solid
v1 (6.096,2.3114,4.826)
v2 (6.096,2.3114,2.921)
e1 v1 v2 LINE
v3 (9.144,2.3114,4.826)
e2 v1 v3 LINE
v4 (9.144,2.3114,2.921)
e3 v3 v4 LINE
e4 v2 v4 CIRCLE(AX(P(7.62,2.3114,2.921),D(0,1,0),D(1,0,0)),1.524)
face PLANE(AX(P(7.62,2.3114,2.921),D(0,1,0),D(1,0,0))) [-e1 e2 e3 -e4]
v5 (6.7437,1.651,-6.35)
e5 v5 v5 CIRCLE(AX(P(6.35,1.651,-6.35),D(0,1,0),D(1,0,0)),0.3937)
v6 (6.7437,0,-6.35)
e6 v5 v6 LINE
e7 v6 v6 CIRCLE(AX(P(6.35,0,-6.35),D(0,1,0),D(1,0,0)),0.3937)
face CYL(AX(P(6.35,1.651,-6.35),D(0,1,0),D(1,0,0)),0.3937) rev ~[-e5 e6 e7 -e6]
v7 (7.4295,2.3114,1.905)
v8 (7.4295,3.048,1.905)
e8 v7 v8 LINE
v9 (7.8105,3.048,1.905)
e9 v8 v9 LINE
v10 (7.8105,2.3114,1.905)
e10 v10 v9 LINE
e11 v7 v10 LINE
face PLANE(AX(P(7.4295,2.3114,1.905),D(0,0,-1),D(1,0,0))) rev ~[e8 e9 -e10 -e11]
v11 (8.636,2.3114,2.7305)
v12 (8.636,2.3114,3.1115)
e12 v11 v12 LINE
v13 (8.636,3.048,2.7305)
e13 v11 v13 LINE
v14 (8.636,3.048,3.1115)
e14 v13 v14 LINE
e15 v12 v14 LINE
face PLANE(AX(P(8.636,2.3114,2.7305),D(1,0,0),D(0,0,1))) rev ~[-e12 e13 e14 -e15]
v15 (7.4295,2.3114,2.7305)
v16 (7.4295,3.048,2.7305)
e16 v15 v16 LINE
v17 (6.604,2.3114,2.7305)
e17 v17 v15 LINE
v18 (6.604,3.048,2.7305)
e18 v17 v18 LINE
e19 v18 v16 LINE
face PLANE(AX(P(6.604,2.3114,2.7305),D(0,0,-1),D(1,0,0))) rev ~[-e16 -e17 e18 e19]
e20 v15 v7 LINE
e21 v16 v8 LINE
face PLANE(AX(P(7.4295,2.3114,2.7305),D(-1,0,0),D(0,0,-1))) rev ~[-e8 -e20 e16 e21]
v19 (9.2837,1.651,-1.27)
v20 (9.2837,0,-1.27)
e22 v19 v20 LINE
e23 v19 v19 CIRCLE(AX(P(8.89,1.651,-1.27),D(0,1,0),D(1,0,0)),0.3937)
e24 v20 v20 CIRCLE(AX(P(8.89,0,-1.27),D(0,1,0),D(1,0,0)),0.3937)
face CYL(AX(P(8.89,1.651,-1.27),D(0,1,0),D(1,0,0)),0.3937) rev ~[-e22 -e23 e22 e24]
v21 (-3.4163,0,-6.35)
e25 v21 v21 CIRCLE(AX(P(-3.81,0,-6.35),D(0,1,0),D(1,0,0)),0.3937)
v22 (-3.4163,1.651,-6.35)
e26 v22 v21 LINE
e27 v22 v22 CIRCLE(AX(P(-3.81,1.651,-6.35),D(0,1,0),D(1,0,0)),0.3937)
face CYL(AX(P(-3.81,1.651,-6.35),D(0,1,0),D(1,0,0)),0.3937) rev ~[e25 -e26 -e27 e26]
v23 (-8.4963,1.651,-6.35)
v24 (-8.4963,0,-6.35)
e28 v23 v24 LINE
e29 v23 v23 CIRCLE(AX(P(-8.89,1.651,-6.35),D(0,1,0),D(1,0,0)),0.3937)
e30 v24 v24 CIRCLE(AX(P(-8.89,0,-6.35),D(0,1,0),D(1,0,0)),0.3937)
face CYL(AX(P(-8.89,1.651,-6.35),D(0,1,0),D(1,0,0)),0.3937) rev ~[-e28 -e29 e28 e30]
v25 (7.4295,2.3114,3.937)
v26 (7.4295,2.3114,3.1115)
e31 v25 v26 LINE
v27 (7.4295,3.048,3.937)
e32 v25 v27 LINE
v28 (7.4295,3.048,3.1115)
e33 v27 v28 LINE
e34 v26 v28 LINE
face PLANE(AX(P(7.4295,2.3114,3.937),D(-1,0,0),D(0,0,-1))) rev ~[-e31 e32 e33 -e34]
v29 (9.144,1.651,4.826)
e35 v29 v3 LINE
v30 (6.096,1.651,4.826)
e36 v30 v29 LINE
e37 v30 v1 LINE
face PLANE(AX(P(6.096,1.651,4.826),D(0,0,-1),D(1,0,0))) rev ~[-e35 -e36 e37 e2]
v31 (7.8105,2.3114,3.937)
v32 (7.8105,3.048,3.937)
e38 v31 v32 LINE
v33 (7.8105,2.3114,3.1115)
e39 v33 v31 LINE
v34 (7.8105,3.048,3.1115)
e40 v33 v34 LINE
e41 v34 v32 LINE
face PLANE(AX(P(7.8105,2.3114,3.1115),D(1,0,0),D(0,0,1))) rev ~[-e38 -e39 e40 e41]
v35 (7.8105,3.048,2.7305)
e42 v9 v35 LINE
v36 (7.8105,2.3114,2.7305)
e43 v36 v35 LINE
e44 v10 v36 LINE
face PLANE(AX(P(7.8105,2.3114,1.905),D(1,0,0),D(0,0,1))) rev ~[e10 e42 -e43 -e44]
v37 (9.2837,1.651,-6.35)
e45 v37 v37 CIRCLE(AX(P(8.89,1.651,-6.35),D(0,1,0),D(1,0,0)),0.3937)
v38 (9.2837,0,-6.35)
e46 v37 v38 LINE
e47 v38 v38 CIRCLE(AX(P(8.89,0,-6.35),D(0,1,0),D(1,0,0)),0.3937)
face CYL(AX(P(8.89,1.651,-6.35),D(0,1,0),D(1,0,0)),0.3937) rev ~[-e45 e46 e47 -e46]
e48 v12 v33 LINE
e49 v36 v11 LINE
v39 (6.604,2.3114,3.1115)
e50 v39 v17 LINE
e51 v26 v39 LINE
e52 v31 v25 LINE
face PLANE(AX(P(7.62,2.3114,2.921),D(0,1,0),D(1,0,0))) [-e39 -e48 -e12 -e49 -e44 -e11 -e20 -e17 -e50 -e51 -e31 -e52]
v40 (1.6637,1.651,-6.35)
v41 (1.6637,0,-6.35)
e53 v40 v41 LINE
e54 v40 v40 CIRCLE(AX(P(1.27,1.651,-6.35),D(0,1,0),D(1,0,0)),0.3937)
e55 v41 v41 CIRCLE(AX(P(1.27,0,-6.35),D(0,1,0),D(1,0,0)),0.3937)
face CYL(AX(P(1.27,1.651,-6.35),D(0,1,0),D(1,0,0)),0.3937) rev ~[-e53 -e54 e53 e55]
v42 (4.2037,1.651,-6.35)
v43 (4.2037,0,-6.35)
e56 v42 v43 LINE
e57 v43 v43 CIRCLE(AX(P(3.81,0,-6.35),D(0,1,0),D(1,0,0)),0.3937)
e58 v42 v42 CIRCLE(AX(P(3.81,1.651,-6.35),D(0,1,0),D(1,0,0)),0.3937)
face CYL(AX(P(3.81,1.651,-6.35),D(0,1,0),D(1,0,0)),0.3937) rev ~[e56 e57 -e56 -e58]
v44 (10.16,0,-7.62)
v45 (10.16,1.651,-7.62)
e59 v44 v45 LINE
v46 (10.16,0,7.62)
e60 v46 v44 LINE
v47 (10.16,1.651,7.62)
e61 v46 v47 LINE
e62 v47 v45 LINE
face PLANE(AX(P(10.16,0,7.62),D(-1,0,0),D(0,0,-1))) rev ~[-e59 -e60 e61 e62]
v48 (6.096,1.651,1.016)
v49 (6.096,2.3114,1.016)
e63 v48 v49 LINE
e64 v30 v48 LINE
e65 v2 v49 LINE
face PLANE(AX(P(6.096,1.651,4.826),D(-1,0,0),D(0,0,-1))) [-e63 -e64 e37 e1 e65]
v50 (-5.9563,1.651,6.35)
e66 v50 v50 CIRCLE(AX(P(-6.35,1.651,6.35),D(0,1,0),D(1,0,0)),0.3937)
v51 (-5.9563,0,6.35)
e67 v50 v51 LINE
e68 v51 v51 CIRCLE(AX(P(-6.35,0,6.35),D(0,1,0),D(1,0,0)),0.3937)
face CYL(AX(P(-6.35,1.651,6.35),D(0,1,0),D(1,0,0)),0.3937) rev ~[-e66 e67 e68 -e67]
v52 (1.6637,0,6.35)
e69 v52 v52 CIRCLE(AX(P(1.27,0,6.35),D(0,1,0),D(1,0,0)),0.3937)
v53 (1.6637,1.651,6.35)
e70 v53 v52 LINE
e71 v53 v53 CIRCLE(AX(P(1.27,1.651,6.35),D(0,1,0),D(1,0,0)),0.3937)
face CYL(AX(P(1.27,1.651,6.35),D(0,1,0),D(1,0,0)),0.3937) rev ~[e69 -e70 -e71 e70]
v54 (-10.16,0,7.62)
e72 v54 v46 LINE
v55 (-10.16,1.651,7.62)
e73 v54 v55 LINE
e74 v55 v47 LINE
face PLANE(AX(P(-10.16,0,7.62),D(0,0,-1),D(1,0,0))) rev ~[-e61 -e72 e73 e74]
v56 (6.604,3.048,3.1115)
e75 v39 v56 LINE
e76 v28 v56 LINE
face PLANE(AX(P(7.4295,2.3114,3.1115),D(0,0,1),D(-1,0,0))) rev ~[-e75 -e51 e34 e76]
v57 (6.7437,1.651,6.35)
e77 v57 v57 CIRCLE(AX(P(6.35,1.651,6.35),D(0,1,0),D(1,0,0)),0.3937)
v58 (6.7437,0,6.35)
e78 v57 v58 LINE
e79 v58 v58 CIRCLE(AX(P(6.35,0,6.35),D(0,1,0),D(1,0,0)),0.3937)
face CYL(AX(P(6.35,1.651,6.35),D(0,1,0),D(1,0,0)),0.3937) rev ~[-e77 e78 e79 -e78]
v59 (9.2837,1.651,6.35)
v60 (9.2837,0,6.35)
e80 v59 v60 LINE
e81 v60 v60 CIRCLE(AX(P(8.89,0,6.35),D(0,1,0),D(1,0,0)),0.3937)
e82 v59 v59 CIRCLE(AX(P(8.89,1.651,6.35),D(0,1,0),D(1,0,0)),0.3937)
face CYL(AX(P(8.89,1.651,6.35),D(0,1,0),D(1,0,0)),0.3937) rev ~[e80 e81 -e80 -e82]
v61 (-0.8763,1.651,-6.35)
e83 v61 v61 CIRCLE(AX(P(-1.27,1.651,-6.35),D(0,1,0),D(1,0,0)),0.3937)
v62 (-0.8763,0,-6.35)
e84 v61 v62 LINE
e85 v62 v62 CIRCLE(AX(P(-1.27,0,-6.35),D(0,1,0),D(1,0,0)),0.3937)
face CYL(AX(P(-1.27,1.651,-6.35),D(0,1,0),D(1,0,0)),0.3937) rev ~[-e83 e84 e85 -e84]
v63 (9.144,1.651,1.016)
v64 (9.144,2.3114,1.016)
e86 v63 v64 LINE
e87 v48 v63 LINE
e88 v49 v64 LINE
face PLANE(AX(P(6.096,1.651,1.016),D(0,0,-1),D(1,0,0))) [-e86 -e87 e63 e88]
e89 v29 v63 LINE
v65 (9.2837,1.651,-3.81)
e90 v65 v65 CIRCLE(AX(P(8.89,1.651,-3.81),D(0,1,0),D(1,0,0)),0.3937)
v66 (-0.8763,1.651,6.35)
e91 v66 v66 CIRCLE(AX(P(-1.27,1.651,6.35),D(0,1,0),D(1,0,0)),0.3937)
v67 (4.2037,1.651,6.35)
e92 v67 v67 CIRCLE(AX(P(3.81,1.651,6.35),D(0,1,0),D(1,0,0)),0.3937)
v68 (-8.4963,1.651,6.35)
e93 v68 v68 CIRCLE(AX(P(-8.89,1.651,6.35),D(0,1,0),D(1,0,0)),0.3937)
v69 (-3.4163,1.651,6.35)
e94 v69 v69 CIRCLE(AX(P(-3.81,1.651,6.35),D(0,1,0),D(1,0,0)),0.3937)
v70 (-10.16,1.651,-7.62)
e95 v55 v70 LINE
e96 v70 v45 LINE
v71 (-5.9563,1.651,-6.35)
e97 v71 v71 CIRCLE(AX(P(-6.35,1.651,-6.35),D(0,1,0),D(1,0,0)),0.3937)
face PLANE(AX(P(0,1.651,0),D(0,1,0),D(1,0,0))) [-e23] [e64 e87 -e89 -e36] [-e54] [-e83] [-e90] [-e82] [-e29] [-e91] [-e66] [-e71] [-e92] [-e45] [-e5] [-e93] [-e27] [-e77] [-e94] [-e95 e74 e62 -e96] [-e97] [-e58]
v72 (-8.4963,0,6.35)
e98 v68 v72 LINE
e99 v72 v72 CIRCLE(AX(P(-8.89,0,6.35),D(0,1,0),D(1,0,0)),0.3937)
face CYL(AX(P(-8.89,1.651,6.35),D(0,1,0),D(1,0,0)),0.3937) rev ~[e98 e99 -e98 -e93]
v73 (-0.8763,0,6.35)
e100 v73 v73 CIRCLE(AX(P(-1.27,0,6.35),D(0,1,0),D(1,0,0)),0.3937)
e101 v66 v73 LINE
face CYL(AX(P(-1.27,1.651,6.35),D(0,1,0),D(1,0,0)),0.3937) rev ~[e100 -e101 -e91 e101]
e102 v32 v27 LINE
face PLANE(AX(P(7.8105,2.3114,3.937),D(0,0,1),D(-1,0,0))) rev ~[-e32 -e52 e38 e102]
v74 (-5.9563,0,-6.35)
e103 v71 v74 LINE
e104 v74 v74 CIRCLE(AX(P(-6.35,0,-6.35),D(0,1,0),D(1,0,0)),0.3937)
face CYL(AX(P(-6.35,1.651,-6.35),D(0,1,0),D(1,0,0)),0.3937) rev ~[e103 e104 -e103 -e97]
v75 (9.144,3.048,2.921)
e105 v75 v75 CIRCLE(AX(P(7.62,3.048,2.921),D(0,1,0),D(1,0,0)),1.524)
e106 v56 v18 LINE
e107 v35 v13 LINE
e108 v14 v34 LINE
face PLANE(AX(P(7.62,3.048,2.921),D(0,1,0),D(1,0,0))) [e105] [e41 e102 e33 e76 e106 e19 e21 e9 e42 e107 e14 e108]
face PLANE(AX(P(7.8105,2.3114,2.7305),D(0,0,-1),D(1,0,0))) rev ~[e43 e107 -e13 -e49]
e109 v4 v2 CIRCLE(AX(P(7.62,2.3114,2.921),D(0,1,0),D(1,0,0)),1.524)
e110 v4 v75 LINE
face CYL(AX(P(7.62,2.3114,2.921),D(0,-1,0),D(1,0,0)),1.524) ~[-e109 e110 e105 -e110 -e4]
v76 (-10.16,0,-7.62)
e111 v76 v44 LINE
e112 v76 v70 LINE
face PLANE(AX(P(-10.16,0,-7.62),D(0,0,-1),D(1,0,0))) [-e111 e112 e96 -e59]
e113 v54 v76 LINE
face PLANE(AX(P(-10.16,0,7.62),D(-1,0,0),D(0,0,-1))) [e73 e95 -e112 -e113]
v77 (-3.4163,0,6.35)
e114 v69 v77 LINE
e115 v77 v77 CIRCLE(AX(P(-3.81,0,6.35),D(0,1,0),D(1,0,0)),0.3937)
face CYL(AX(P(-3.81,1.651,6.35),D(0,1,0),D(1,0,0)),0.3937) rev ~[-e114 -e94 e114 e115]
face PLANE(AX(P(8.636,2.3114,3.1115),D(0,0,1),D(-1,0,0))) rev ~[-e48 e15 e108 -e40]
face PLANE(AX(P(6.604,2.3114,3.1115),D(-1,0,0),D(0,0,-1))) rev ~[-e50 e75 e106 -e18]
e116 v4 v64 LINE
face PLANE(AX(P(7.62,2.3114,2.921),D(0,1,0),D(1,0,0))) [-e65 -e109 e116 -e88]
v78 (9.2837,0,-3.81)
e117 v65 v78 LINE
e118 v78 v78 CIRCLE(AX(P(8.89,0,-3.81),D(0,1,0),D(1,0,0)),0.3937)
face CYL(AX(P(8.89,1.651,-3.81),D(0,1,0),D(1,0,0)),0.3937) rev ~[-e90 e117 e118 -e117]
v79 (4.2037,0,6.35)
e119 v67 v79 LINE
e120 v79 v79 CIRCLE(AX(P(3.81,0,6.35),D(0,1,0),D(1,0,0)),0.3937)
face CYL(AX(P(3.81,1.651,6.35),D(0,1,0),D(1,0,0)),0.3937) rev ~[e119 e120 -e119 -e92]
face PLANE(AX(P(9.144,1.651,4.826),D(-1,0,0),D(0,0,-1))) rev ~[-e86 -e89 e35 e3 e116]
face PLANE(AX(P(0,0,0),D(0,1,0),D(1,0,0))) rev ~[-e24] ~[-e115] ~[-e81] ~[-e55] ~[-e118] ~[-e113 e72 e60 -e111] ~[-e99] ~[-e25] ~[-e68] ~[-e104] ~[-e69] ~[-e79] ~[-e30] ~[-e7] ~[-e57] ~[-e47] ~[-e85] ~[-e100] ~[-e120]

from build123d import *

# Parameters (mm, degrees)
SKETCH1_W            = 20.32
SKETCH1_H            = 15.24
BOSS_EXTRUDE1_DEPTH  = 1.651
SKETCH3_W            = 3.048
SKETCH3_H            = 3.81
BOSS_EXTRUDE3_DEPTH  = 0.6604
SKETCH4_R            = 1.524
BOSS_EXTRUDE4_DEPTH  = 0.7366
SKETCH7_R            = 0.3937
CUT_EXTRUDE2_DEPTH   = 2.651
LPATTERN2_COUNT      = 8
LPATTERN2_PITCH      = 2.54
LPATTERN2_COUNT_DIR2 = 2
LPATTERN2_PITCH_DIR2 = 12.7
CUT_EXTRUDE3_REACH   = 3.651
SKETCH8_R            = 0.3937


with BuildPart() as part:
    # Sketch1 → Boss-Extrude1 (new body)
    with BuildSketch(Plane(origin=(0, 0, 0), x_dir=(1, 0, 0), z_dir=(0, 1, 0))):
        Rectangle(SKETCH1_W, SKETCH1_H)
    extrude(amount=BOSS_EXTRUDE1_DEPTH)

    # Sketch3 → Boss-Extrude3 (add)
    with BuildSketch(Plane(origin=(0, 1.651, 0), x_dir=(1, 0, 0), z_dir=(0, 1, 0))):
        with Locations((7.62, -2.921)):
            Rectangle(SKETCH3_W, SKETCH3_H)
    extrude(amount=BOSS_EXTRUDE3_DEPTH)

    # Sketch4 → Boss-Extrude4 (add)
    with BuildSketch(Plane(origin=(0, 2.3114, 0), x_dir=(1, 0, 0), z_dir=(0, 1, 0))):
        with Locations((7.62, -2.921)):
            Circle(SKETCH4_R)
        Polygon((7.8105, -2.7305), (8.636, -2.7305), (8.636, -3.1115), (7.8105, -3.1115), (7.8105, -3.937), (7.4295, -3.937), (7.4295, -3.1115), (6.604, -3.1115), (6.604, -2.7305), (7.4295, -2.7305), (7.4295, -1.905), (7.8105, -1.905), align=None, mode=Mode.SUBTRACT)
    extrude(amount=BOSS_EXTRUDE4_DEPTH)

    # Sketch7 → Cut-Extrude2 (cut, through all)
    with BuildSketch(Plane(origin=(0, 1.651, 0), x_dir=(1, 0, 0), z_dir=(0, 1, 0))):
        with Locations((-8.89, -6.35)):
            Circle(SKETCH7_R)
    cut_extrude2 = extrude(amount=-CUT_EXTRUDE2_DEPTH, mode=Mode.SUBTRACT)

    # LPattern2: Cut-Extrude2 8 × 2
    with Locations(*[(i * LPATTERN2_PITCH, 0, -j * LPATTERN2_PITCH_DIR2) for i in range(LPATTERN2_COUNT) for j in range(LPATTERN2_COUNT_DIR2) if (i, j) != (0, 0)]):
        add(cut_extrude2, mode=Mode.SUBTRACT)

    # Sketch8 → Cut-Extrude3 (cut, up to next)
    with BuildSketch(Plane(origin=(0, 1.651, 0), x_dir=(1, 0, 0), z_dir=(0, 1, 0)), mode=Mode.PRIVATE) as cut_extrude3_sk1:
        with Locations((8.89, 3.81)):
            Circle(SKETCH8_R)
    cut_extrude3_tool1 = extrude(cut_extrude3_sk1.sketch, amount=-CUT_EXTRUDE3_REACH, mode=Mode.PRIVATE) & part.part
    add(cut_extrude3_tool1.solids().sort_by_distance((8.89, 1.651, -3.81))[0], mode=Mode.SUBTRACT)
    # Sketch8 → Cut-Extrude3 (cut, up to next)
    with BuildSketch(Plane(origin=(0, 1.651, 0), x_dir=(1, 0, 0), z_dir=(0, 1, 0)), mode=Mode.PRIVATE) as cut_extrude3_sk2:
        with Locations((8.89, 1.27)):
            Circle(SKETCH8_R)
    cut_extrude3_tool2 = extrude(cut_extrude3_sk2.sketch, amount=-CUT_EXTRUDE3_REACH, mode=Mode.PRIVATE) & part.part
    add(cut_extrude3_tool2.solids().sort_by_distance((8.89, 1.651, -1.27))[0], mode=Mode.SUBTRACT)


solid = part.part
